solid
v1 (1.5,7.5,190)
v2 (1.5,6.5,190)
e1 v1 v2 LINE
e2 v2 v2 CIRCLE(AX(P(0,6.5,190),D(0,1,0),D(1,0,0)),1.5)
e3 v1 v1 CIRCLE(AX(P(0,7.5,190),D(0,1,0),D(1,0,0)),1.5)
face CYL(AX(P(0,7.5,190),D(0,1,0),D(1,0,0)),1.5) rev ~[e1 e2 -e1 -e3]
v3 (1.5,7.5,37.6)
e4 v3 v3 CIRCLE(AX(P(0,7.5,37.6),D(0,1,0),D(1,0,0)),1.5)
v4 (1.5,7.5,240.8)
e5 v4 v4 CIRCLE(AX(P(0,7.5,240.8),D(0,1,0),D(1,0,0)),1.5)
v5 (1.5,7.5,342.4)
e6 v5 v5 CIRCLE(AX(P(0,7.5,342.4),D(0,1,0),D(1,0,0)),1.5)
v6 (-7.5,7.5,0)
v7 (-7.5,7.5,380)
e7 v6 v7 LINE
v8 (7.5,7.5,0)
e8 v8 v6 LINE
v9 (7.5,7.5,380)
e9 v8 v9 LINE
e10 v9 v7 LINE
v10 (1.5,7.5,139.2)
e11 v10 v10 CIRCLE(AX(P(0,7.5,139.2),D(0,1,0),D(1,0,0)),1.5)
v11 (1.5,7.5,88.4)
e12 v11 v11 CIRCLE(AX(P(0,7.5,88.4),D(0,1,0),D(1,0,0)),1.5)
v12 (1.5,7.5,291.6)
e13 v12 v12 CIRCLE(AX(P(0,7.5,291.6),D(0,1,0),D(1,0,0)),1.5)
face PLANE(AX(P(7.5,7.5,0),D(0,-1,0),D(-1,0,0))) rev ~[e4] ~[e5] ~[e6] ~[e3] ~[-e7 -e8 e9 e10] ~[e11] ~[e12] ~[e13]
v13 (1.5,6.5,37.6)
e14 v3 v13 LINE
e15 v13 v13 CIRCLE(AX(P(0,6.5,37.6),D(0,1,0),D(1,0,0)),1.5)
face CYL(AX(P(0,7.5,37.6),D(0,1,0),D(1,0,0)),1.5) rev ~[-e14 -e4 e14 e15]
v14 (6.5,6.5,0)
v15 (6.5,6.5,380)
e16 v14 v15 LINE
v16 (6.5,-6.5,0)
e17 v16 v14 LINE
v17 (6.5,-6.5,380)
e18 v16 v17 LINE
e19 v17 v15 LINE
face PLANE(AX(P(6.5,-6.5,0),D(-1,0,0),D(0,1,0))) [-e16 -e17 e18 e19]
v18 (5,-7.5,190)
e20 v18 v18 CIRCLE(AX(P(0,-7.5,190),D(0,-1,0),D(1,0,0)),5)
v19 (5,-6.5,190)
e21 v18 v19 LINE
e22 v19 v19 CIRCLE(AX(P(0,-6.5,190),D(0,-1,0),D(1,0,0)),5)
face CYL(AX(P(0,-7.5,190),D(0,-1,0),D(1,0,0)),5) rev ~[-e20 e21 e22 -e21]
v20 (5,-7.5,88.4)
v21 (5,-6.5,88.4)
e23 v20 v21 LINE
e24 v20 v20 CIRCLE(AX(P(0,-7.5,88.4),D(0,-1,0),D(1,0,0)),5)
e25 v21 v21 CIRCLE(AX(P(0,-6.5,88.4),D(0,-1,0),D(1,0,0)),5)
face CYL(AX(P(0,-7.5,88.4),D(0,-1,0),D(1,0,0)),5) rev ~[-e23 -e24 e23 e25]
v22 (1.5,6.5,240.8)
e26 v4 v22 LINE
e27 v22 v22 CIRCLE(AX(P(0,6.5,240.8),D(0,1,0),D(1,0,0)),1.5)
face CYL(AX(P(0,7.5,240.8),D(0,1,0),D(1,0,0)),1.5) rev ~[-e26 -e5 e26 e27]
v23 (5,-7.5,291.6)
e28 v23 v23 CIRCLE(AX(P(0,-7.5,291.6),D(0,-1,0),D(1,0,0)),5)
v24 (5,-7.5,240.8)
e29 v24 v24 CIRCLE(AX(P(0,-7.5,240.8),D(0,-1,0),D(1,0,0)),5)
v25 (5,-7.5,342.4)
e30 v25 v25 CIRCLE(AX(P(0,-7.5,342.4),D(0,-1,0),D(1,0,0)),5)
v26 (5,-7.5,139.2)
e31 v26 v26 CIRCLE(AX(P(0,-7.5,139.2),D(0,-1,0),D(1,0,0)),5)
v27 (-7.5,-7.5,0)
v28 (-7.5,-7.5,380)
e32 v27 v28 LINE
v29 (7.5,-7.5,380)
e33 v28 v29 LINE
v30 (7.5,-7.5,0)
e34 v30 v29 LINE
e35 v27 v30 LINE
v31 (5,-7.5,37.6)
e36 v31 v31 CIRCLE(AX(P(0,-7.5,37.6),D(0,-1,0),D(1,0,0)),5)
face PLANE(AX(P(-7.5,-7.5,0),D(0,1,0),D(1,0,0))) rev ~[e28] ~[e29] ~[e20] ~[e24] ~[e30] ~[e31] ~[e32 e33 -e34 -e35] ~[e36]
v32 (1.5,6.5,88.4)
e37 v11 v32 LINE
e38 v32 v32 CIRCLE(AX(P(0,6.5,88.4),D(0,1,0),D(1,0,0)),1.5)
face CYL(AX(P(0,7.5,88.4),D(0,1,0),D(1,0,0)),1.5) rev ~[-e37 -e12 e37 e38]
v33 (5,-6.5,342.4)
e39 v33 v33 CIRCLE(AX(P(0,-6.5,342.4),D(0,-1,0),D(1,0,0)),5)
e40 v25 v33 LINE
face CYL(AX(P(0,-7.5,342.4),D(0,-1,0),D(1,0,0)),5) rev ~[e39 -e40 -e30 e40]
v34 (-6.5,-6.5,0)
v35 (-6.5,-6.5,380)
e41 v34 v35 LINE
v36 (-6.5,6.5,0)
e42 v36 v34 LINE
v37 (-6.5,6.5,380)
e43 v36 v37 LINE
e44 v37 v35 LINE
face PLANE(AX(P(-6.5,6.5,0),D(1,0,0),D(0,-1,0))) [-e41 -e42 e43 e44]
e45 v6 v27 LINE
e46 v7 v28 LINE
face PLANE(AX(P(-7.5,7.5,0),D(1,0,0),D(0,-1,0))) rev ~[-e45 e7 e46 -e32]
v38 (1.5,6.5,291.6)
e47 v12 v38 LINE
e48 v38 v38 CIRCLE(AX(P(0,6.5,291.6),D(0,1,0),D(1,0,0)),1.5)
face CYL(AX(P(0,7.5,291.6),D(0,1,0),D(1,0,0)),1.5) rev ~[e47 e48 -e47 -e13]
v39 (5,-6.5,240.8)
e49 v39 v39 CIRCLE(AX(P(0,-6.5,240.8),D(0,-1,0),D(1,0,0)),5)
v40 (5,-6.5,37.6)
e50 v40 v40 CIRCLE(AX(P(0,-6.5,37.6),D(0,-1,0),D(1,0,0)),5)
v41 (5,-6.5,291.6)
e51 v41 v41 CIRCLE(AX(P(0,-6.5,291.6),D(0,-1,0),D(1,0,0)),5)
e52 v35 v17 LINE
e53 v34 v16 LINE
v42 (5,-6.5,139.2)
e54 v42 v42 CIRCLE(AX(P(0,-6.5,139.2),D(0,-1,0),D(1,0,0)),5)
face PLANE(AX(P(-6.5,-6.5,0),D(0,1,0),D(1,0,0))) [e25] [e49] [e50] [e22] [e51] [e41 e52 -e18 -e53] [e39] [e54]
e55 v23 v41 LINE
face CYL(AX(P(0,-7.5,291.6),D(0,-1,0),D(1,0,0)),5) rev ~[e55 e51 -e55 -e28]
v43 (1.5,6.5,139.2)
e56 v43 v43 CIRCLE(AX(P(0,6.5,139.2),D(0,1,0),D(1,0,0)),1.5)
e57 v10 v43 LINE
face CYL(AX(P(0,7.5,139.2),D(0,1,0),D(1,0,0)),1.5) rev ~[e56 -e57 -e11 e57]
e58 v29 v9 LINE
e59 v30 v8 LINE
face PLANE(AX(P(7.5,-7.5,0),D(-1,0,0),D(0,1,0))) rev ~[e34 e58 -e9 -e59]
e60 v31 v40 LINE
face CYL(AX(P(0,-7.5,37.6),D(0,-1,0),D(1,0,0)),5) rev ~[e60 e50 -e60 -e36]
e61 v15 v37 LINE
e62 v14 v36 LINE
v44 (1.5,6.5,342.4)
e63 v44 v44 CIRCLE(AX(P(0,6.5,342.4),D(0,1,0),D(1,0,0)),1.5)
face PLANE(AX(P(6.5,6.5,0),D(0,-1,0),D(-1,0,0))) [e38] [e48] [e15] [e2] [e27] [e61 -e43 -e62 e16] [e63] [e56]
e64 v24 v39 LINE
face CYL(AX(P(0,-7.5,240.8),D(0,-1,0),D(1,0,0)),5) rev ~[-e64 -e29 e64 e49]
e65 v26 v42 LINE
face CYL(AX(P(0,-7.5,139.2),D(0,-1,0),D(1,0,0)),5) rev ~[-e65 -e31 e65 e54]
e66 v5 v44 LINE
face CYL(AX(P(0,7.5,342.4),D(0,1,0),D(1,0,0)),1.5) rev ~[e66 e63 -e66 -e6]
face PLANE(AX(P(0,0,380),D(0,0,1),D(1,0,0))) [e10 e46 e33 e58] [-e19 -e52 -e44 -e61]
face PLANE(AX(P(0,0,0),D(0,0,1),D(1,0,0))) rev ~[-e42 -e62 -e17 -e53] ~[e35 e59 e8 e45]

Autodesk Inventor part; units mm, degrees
ref_plane "YZ Plane" through (0, 0, 0) normal (1, 0, 0) x (0, 1, 0)
ref_plane "XZ Plane" through (0, 0, 0) normal (0, 1, 0) x (-1, 0, 0)
ref_plane "XY Plane" through (0, 0, 0) normal (0, 0, 1) x (1, 0, 0)
sketch "Náčrt1" plane through (0, 0, 0) normal (0, 0, 1) x (1, 0, 0)
  line L0 (-7.5, -7.5) -> (7.5, -7.5)
  line L1 (7.5, -7.5) -> (7.5, 7.5)
  line L2 (7.5, 7.5) -> (-7.5, 7.5)
  line L3 (-7.5, 7.5) -> (-7.5, -7.5)
  line L4 (-7.5, -7.5) -> (7.5, 7.5) construction
  line L5 (7.5, -7.5) -> (-7.5, 7.5) construction
  line L6 (-6.5, -6.5) -> (6.5, -6.5)
  line L7 (6.5, -6.5) -> (6.5, 6.5)
  line L8 (6.5, 6.5) -> (-6.5, 6.5)
  line L9 (-6.5, 6.5) -> (-6.5, -6.5)
  line L10 (-6.5, -6.5) -> (6.5, 6.5) construction
  line L11 (6.5, -6.5) -> (-6.5, 6.5) construction
  point P0 (0, 0)
  dimension "d0" = 15
  dimension "d1" = 15
  dimension "d2" = 13
  dimension "d3" = 13
extrude "Vysunutí1" add sketch "Náčrt1" along normal blind 380
sketch "Náčrt2" plane through (-7.5, 7.5, 0) normal (0, 1, 0) x (1, 0, 0)
  circle A0 centre (7.5, -37.6) radius 1.5
  line L0 (15, 0) -> (0, 0) projected
  line L1 (0, 0) -> (0, -380) projected
  line L2 (15, -380) -> (0, -380) projected
  line L3 (15, 0) -> (15, -380) projected
  point P0 (7.5, 0)
  dimension "d8" = 3
  dimension "d13" = 37.6
  dimension "d19" = 7.5
extrude "Vysunutí2" cut sketch "Náčrt2" against normal up to surface (1 mm away) contours A0
sketch "Náčrt3" plane through (-7.5, -7.5, 0) normal (0, -1, 0) x (1, 0, 0)
  line L0 (15, 0) -> (0, 0) projected
  line L1 (0, 0) -> (0, 380) projected
  line L2 (15, 380) -> (0, 380) projected
  line L3 (15, 0) -> (15, 380) projected
  circle A0 centre (7.5, 37.6) radius 1.5 projected
  circle A1 centre (7.5, 37.6) radius 5
  point P0 (7.5, 0)
  dimension "d15" = 10
extrude "Vysunutí3" cut sketch "Náčrt3" against normal up to surface (1 mm away) contours A0 | A1
pattern_linear "Obdélníkové pole1" count 7 spacing 50.8 along (0, 0, 1) of "Vysunutí2"
pattern_linear "Obdélníkové pole2" count 7 spacing 50.8 along (0, 0, 1) of "Vysunutí3"
equation "\"d0\" = width"
equation "\"d1\" = width"
equation "\"d2\" = width - 2 * thickness"
equation "\"d3\" = width - 2 * thickness"
equation "\"d4\" = length"
equation "\"d8\" = HoleDia"
equation "\"d19\" = 0.5 * width"
equation "\"d15\" = HoleDiaOpposite"
equation "\"d22\" = holeDistance"
equation "\"d25\" = holeDistance"
equation "\"width\" = gSquareProfile_Width_Cabinet"
equation "\"thickness\" = gSquareProfile_Thickness_Cabinet"
equation "\"length\" = gCabinet_LogicCircuit_Length - 2 * width"
equation "\"holeDistance\" = 50.8"
equation "\"HoleDiaOpposite\" = 10"
equation "\"HoleDia\" = 3"
equation "\"gSquareProfile_Width_Cabinet\" = 15"
equation "\"gSquareProfile_Thickness_Cabinet\" = 1"
equation "\"gCabinet_LogicCircuit_Length\" = 410"
properties part number "Profile-Square#07"
